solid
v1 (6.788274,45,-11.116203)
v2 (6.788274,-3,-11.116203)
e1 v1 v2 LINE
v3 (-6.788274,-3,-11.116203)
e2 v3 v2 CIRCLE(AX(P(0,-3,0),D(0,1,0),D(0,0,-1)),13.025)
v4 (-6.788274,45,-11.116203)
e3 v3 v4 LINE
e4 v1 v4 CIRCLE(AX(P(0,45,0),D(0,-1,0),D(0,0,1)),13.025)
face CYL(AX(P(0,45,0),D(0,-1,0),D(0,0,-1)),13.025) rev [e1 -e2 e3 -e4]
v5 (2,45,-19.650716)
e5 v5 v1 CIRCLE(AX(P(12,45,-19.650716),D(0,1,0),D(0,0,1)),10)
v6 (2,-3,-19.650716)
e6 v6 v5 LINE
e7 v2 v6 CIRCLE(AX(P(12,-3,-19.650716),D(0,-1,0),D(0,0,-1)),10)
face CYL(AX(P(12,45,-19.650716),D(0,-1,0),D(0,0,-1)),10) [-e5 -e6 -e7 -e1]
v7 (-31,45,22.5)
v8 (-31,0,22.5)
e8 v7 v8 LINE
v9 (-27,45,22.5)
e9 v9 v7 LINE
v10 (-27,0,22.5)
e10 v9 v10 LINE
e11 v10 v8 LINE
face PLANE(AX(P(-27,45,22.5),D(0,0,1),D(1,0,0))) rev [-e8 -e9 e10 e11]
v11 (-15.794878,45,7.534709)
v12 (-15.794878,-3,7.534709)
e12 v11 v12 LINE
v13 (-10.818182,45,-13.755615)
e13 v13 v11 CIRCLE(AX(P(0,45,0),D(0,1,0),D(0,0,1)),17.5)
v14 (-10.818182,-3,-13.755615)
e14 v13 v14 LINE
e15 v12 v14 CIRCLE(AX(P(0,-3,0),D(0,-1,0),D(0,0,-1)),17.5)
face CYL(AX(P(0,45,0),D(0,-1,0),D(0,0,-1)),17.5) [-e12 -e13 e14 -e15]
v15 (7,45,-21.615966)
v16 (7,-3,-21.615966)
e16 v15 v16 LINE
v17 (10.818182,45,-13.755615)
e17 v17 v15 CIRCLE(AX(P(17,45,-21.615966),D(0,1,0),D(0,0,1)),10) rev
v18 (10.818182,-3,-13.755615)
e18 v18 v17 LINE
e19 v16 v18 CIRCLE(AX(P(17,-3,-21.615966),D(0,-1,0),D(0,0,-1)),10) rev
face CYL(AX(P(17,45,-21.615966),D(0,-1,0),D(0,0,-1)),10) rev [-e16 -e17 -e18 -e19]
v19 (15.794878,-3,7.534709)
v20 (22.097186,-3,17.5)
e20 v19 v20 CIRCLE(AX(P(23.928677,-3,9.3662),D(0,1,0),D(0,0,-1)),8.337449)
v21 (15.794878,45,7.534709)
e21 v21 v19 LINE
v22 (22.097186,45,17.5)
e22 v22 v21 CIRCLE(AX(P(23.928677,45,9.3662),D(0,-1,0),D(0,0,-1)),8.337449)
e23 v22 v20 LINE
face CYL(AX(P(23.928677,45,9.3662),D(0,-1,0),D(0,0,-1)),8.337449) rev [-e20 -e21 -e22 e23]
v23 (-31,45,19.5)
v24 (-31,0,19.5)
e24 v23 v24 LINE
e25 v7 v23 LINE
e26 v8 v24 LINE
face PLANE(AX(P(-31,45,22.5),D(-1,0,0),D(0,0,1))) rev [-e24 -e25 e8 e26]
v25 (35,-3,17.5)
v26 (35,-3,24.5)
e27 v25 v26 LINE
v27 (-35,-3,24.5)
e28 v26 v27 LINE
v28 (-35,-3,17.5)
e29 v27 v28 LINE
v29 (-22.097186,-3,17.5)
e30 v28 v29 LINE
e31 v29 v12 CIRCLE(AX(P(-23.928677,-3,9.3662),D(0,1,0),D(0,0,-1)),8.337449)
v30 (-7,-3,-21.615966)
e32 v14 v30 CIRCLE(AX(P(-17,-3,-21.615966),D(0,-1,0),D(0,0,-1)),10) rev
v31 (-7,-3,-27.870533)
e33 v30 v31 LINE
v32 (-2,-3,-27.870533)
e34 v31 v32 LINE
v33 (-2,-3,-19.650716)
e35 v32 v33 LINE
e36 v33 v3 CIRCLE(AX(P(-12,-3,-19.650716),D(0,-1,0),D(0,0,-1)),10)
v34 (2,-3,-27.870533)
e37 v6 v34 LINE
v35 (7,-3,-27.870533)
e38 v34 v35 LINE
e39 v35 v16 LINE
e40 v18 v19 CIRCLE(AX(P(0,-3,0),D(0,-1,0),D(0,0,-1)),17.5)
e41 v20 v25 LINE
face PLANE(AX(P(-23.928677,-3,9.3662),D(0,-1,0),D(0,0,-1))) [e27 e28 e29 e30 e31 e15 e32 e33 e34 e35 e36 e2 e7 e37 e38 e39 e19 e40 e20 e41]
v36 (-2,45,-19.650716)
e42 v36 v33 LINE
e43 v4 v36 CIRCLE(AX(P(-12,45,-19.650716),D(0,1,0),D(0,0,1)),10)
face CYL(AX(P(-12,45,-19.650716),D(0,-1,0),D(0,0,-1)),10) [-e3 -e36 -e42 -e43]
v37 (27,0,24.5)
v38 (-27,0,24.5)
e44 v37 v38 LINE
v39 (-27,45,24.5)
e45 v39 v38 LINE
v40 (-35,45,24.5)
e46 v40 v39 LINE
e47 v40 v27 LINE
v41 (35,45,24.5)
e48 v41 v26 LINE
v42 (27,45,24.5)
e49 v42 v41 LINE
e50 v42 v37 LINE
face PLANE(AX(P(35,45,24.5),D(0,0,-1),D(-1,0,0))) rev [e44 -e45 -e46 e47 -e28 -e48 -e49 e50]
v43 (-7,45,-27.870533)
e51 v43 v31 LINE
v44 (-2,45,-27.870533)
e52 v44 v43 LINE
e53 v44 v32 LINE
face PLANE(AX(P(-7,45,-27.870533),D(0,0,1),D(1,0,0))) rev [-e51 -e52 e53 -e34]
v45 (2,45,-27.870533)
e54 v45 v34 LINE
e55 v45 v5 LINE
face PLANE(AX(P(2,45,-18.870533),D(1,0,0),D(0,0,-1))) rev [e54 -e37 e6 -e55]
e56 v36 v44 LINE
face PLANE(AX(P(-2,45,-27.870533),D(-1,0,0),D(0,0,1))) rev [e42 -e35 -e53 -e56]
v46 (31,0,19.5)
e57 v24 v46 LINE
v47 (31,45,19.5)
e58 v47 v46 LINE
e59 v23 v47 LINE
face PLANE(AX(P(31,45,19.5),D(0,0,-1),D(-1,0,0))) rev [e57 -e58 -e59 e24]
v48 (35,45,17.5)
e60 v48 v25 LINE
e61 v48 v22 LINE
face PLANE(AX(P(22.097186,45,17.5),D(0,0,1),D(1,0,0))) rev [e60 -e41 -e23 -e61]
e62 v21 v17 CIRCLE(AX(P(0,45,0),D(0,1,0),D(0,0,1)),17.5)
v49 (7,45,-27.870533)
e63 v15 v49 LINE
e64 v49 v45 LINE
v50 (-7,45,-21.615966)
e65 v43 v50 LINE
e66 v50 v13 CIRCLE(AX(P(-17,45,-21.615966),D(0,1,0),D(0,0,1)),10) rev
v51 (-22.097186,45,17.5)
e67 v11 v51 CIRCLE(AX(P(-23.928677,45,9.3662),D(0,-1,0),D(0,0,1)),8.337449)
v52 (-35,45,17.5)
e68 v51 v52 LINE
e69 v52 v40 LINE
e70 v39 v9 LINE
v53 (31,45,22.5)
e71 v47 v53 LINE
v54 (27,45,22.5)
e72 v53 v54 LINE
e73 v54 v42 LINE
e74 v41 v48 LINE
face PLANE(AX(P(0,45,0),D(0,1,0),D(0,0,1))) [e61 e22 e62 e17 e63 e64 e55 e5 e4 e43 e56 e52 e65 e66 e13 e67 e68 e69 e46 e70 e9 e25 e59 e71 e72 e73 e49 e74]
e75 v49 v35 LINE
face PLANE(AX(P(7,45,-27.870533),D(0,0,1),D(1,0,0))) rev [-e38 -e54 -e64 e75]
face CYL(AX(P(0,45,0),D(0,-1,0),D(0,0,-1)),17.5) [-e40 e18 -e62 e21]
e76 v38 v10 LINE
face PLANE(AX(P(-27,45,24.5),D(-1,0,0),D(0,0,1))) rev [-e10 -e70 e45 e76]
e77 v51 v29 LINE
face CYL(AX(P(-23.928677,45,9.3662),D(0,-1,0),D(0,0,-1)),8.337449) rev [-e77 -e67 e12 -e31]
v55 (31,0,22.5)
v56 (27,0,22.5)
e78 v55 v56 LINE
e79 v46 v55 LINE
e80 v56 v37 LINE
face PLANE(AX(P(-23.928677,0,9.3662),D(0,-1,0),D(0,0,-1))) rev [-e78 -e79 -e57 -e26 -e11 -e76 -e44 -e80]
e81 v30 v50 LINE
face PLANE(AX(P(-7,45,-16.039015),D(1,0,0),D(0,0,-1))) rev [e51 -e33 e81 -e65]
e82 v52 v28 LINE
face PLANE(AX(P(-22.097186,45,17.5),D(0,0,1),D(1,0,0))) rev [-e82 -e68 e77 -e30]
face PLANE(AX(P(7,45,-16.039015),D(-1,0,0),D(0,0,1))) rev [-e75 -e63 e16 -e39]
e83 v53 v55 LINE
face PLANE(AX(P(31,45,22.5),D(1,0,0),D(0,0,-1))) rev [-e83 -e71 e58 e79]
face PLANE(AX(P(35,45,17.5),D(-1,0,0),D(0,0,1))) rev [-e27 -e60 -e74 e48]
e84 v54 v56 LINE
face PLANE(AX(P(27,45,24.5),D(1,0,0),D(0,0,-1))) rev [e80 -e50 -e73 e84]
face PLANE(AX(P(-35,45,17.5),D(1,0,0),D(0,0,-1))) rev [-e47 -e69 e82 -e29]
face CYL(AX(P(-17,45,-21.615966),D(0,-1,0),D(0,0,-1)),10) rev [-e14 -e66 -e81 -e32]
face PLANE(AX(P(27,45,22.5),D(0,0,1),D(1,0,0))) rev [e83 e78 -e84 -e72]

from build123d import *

# Parameters (mm, degrees)
BOSS_EXTRUDE1_DEPTH = 45
FILLET1_R           = 10
BOSS_EXTRUDE4_START = 3
BOSS_EXTRUDE4_DEPTH = 3
FILLET2_R           = 10


with BuildPart() as part:
    # Sketch1 → Boss-Extrude1 (new body)
    with BuildSketch(Plane(origin=(0, 0, 0), x_dir=(1, 0, 0), z_dir=(0, 1, 0))):
        with BuildLine():
            Line((-7, 16.039014932), (-7, 27.870533206))
            Line((-7, 27.870533206), (-2, 27.870533206))
            Line((-2, 27.870533206), (-2, 18.870533206))
            Line((-2, 18.870533206), (-2, 12.870533206))
            ThreePointArc((-2, 12.870533206), (0, -13.025), (2, 12.870533206))
            Line((2, 12.870533206), (2, 18.870533206))
            Line((2, 18.870533206), (2, 27.870533206))
            Line((2, 27.870533206), (7, 27.870533206))
            Line((7, 27.870533206), (7, 16.039014932))
            ThreePointArc((7, 16.039014932), (16.396088806, 6.117047643), (15.794877567, -7.534709195))
            ThreePointArc((15.794877567, -7.534709195), (16.882152496, -13.822605417), (22.097186029, -17.5))
            Line((22.097186029, -17.5), (35, -17.5))
            Line((35, -17.5), (35, -24.5))
            Line((35, -24.5), (27, -24.5))
            Line((27, -24.5), (27, -22.5))
            Line((27, -22.5), (31, -22.5))
            Line((31, -22.5), (31, -19.5))
            Line((31, -19.5), (-31, -19.5))
            Line((-31, -19.5), (-31, -22.5))
            Line((-31, -22.5), (-27, -22.5))
            Line((-27, -22.5), (-27, -24.5))
            Line((-27, -24.5), (-35, -24.5))
            Line((-35, -24.5), (-35, -17.5))
            Line((-35, -17.5), (-22.097186029, -17.5))
            ThreePointArc((-22.097186029, -17.5), (-16.882152496, -13.822605417), (-15.794877567, -7.534709195))
            ThreePointArc((-15.794877567, -7.534709195), (-16.396088806, 6.117047643), (-7, 16.039014932))
        make_face()
    extrude(amount=BOSS_EXTRUDE1_DEPTH)

    # Fillet1
    fillet1_edges = [part.edges().sort_by_distance(p)[0] for p in [
        (-2, 22.5, -12.870533206),
        (2, 22.5, -12.870533206),
    ]]
    fillet(fillet1_edges, radius=FILLET1_R)

    # Sketch3 → Boss-Extrude4 (add)
    with BuildSketch(Plane.XZ.offset(BOSS_EXTRUDE4_START)):
        with BuildLine():
            Line((-35, 24.5), (35, 24.5))
            Line((35, 24.5), (35, 17.5))
            Line((35, 17.5), (22.097186029, 17.5))
            ThreePointArc((22.097186029, 17.5), (16.882152496, 13.822605417), (15.794877567, 7.534709195))
            ThreePointArc((15.794877567, 7.534709195), (16.396088806, -6.117047643), (7, -16.039014932))
            Line((7, -16.039014932), (7, -27.870533206))
            Line((7, -27.870533206), (2, -27.870533206))
            Line((2, -27.870533206), (2, -19.650715636))
            ThreePointArc((2, -19.650715636), (3.27883999, -14.757723905), (6.788273616, -11.116202873))
            ThreePointArc((6.788273616, -11.116202873), (0, 13.025), (-6.788273616, -11.116202873))
            ThreePointArc((-6.788273616, -11.116202873), (-3.27883999, -14.757723905), (-2, -19.650715636))
            Line((-2, -19.650715636), (-2, -27.870533206))
            Line((-2, -27.870533206), (-7, -27.870533206))
            Line((-7, -27.870533206), (-7, -16.039014932))
            ThreePointArc((-7, -16.039014932), (-16.396088806, -6.117047643), (-15.794877567, 7.534709195))
            ThreePointArc((-15.794877567, 7.534709195), (-16.882152496, 13.822605417), (-22.097186029, 17.5))
            Line((-22.097186029, 17.5), (-35, 17.5))
            Line((-35, 17.5), (-35, 24.5))
        make_face()
    extrude(amount=-BOSS_EXTRUDE4_DEPTH)

    # Fillet2
    fillet2_edges = [part.edges().sort_by_distance(p)[0] for p in [
        (7, 22.5, -16.039014932),
        (-7, 22.5, -16.039014932),
    ]]
    fillet(fillet2_edges, radius=FILLET2_R)


solid = part.part
